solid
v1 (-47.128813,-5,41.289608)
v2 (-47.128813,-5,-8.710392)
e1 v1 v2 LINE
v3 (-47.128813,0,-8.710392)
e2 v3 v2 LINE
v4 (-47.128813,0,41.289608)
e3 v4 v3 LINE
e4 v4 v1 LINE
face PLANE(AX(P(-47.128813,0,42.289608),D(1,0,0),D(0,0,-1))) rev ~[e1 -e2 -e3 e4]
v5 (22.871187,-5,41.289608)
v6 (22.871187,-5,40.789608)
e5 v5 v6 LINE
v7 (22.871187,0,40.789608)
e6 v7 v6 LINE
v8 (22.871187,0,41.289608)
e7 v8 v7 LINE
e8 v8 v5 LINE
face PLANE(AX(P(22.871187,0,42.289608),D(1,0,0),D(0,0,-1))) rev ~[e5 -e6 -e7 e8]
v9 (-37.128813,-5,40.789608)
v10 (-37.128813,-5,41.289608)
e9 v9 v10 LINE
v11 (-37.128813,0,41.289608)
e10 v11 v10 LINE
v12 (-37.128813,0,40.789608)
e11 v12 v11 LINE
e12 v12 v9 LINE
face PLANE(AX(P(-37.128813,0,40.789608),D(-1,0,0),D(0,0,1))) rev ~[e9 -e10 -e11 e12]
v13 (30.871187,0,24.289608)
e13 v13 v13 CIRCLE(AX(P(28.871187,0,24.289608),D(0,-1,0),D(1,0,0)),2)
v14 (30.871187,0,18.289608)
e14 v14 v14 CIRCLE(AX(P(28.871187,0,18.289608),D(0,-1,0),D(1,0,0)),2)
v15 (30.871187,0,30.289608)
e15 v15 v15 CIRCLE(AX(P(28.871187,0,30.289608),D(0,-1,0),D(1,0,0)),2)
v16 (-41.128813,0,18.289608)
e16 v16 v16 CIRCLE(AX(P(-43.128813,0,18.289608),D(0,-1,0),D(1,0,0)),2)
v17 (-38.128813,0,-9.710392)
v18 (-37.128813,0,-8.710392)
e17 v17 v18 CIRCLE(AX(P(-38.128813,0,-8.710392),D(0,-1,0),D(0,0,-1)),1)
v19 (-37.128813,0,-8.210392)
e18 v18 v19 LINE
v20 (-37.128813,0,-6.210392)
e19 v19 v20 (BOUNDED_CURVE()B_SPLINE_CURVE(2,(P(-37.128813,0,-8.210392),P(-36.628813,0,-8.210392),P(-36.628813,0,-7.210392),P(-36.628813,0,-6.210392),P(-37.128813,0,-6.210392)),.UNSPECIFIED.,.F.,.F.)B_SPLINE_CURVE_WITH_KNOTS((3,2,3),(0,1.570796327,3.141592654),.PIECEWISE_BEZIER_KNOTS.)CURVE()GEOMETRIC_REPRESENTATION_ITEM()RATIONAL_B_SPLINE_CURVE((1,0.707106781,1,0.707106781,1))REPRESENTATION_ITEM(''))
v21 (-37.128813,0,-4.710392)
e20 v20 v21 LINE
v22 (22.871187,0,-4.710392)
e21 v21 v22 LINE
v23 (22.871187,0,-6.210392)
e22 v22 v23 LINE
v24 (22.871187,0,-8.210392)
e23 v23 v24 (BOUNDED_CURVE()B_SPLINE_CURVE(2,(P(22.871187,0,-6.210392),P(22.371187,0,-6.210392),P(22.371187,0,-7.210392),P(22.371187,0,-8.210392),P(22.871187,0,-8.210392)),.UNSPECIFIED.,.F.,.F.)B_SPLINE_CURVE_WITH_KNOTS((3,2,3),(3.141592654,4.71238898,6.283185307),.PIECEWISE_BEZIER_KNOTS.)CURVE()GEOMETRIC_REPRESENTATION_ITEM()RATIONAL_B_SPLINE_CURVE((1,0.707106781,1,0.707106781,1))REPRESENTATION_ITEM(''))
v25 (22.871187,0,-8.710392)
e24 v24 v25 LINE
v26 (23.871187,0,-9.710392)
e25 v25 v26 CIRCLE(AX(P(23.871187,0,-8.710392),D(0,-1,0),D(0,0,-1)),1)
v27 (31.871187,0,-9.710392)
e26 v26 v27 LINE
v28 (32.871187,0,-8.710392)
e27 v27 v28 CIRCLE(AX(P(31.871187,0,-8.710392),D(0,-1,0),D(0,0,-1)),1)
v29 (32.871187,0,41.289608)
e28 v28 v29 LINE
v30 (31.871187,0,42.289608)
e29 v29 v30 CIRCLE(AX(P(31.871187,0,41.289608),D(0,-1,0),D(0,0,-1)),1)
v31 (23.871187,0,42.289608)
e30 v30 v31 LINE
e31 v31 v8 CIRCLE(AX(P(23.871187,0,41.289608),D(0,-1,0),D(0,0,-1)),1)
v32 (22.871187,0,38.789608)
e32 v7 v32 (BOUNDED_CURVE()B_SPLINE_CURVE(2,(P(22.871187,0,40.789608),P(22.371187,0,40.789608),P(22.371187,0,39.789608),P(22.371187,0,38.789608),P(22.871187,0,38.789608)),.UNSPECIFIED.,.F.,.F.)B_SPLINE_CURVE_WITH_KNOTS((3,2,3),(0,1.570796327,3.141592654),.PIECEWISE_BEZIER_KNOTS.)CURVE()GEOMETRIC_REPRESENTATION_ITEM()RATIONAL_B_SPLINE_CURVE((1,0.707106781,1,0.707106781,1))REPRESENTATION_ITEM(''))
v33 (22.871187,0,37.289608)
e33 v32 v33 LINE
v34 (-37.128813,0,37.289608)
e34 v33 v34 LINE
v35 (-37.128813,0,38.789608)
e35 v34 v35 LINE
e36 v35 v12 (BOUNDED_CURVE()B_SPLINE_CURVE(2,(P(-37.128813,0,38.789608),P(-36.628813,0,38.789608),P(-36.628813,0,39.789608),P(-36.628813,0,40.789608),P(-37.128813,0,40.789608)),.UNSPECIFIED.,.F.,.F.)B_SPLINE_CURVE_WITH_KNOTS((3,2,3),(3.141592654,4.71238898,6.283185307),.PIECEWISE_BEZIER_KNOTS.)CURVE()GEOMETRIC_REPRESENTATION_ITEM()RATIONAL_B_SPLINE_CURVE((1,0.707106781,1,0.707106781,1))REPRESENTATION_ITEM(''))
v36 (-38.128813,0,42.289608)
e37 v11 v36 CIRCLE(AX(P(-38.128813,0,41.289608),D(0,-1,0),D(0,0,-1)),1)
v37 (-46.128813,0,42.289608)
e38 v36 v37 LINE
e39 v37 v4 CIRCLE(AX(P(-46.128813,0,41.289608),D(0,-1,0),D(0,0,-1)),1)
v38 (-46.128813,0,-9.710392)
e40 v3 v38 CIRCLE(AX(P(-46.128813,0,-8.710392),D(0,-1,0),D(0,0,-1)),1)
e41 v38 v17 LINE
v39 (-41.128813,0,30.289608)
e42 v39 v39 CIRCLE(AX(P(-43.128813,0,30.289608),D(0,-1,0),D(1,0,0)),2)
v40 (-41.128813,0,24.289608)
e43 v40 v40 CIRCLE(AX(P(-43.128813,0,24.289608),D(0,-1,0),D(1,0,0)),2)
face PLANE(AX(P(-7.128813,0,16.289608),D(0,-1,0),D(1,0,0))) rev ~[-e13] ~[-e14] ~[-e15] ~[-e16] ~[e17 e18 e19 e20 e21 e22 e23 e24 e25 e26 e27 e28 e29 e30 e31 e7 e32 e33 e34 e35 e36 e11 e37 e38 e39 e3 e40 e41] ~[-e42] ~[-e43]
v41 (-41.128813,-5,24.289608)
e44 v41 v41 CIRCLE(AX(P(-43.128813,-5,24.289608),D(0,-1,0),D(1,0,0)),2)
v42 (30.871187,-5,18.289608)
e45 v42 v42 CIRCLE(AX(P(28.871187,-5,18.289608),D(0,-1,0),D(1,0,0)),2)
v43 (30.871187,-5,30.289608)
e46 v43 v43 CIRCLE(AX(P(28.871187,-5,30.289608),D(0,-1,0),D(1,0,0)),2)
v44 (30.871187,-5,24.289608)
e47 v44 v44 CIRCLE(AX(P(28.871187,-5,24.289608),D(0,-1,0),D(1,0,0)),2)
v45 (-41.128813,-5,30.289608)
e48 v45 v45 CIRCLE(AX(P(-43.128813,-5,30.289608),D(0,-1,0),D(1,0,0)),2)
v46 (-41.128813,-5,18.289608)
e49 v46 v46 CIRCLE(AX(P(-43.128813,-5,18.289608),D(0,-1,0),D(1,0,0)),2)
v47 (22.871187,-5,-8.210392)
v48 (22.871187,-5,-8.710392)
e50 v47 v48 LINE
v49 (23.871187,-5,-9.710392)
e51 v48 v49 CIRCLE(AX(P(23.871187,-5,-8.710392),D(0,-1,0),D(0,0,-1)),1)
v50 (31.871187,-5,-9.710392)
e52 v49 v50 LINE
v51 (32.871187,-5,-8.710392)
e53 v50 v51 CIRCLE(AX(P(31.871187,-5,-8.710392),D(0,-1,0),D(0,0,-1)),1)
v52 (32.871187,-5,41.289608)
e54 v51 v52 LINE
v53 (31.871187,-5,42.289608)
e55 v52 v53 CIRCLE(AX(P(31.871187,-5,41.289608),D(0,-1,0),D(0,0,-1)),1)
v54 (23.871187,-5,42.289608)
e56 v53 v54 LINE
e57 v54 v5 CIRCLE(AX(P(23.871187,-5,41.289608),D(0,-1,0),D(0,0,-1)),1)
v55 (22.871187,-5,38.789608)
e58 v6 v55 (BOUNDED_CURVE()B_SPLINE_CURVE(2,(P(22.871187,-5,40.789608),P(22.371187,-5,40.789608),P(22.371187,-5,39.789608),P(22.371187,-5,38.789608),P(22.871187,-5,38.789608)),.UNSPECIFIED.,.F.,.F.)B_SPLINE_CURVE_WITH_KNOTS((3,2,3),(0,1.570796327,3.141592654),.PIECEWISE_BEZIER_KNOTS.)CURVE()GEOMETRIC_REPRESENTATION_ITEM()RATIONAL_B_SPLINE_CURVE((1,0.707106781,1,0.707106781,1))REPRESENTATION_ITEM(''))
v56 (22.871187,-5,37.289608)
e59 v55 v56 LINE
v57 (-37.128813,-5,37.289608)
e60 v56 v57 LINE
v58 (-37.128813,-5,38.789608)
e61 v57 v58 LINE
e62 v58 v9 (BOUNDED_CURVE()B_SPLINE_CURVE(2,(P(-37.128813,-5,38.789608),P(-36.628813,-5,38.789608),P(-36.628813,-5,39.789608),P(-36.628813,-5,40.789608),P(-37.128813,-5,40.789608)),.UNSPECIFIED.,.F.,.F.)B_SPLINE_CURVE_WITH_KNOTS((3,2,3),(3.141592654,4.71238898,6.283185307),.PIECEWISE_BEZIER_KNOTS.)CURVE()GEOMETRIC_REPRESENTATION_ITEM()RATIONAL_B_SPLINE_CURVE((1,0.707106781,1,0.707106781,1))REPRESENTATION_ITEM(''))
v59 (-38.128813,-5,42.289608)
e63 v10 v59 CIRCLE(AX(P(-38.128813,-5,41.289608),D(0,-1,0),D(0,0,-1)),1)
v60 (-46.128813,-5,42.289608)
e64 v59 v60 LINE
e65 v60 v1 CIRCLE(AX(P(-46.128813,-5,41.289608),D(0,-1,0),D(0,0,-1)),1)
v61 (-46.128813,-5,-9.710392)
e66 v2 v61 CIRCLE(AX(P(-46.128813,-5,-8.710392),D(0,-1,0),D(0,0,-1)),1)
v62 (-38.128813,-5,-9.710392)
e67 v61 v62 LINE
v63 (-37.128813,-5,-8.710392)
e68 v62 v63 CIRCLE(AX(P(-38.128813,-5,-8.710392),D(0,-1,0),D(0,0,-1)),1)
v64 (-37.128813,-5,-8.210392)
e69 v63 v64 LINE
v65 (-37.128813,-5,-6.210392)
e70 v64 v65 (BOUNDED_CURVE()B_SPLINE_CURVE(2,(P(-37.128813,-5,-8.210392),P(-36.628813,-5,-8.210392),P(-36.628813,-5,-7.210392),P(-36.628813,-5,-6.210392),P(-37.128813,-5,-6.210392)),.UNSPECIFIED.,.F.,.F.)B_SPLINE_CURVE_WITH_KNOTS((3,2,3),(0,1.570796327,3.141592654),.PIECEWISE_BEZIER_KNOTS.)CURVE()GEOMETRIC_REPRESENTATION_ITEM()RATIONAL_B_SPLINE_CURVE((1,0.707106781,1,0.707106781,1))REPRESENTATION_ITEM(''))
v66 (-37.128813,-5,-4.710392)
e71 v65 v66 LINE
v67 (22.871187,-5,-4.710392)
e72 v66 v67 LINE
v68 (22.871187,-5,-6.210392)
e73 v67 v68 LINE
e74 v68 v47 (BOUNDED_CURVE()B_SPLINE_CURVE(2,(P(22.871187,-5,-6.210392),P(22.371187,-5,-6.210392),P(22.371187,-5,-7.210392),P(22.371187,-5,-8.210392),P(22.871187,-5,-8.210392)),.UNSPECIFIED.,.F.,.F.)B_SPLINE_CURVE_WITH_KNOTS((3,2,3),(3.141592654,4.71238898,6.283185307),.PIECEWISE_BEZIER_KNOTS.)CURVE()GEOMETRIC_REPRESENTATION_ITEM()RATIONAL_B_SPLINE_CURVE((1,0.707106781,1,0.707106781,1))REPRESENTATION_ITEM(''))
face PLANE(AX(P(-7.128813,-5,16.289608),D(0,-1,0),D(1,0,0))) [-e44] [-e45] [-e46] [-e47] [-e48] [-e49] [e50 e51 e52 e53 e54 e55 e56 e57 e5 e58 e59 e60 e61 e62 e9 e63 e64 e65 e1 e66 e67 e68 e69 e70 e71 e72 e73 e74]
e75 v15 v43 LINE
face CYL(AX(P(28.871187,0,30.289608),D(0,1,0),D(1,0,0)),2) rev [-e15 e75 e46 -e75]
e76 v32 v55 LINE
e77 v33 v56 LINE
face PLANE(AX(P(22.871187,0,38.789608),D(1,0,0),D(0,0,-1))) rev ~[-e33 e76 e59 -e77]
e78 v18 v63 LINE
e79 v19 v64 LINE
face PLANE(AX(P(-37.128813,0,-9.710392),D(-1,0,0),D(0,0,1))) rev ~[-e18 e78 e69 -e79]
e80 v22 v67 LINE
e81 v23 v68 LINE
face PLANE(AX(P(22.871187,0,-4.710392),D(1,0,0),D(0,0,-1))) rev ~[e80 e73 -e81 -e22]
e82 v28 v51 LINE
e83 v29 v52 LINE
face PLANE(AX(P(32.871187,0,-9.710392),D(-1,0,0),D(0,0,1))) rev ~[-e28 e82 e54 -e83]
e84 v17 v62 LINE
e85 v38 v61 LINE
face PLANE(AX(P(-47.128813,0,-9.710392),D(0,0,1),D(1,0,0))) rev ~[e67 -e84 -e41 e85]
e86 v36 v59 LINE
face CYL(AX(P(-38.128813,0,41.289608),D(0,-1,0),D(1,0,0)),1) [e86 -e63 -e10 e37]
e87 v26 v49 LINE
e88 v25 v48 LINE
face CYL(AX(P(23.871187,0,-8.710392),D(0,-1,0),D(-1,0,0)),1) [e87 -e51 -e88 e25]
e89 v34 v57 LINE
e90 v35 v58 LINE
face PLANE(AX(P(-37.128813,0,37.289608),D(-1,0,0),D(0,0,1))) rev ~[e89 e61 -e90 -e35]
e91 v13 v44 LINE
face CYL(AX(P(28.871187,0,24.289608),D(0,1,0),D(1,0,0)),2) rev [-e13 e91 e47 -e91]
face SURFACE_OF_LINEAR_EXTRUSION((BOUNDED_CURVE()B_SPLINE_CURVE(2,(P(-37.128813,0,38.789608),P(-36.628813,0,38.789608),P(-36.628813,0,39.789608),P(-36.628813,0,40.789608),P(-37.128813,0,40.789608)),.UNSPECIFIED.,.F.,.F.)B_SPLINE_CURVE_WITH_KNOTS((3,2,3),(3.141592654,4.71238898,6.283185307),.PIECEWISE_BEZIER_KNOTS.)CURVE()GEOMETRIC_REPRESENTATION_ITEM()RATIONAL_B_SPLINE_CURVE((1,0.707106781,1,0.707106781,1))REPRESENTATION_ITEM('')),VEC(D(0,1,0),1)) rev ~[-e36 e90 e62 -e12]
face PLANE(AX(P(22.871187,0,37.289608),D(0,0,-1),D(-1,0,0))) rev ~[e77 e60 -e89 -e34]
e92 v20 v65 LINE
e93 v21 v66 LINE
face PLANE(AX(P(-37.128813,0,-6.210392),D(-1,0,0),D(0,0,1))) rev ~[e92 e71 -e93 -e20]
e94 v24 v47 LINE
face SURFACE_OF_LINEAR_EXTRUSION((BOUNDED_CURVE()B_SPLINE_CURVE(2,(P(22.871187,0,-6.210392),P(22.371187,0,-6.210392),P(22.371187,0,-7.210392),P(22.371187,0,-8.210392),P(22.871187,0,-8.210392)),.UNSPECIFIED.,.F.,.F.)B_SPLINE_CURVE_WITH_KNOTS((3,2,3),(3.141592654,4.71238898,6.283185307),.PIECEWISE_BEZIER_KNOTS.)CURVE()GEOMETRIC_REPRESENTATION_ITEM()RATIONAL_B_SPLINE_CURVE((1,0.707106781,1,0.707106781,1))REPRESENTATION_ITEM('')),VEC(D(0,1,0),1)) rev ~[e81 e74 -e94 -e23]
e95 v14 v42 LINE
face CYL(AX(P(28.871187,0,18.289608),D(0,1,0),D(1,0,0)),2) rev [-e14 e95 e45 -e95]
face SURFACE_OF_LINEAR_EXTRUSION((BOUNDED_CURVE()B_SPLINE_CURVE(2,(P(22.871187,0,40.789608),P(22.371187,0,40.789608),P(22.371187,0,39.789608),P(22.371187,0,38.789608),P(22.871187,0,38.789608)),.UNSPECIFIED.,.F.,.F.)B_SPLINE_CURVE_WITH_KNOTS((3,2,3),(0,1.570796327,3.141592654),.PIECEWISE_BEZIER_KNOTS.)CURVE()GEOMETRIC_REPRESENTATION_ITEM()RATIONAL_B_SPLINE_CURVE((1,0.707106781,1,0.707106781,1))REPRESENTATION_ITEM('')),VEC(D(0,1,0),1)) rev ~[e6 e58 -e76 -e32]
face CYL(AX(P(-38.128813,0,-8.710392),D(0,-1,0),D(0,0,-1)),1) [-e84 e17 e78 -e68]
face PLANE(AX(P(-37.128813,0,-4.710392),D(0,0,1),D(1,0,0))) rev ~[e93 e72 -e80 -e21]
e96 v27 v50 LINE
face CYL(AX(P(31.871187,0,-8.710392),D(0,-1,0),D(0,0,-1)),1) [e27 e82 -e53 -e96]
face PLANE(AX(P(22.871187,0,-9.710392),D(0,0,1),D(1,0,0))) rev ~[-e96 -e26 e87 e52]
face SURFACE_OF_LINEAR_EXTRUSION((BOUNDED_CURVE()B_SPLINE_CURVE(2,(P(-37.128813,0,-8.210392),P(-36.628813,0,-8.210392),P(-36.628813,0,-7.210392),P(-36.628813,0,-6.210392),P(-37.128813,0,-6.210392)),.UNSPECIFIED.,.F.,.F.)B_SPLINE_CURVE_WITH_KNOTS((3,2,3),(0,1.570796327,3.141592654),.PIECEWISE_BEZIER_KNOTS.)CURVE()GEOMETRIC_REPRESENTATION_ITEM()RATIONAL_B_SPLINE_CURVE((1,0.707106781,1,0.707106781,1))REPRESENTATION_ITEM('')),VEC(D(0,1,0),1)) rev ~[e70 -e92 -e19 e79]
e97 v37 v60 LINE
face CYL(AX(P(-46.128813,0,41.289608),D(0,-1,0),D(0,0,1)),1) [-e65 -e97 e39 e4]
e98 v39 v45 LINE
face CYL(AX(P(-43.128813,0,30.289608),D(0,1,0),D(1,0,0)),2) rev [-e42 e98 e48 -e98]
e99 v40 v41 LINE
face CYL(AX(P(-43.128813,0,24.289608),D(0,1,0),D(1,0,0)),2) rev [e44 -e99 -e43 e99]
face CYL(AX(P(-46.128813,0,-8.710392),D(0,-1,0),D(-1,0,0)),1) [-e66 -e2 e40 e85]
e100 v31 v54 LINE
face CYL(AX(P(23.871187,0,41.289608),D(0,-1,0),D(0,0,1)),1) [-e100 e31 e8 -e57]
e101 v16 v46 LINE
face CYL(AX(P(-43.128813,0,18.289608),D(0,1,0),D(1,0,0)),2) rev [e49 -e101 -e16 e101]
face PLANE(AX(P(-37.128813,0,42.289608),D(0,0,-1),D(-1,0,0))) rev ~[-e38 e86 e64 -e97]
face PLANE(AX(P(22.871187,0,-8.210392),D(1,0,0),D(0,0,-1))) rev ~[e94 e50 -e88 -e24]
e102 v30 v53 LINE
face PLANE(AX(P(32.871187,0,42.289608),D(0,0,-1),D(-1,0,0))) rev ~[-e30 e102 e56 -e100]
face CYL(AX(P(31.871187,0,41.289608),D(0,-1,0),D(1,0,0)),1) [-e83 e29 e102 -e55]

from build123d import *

# Parameters (mm, degrees)
F1_R     = 2
F2_DEPTH = 5
F3_R     = 1


with BuildPart() as f2:
    # F1 (on Front) → F2 (new body)
    with BuildSketch(Plane.XZ):
        Polygon((-37.1288130432, 37.2896080693), (-47.1288130432, 37.2896080693), (-47.1288130432, -4.7103919307), (-37.1288130432, -4.7103919307), (22.8711869568, -4.7103919307), (32.8711869568, -4.7103919307), (32.8711869568, 37.2896080693), (22.8711869568, 37.2896080693), align=None)
        with Locations((-43.1288130432, 18.2896080693)):
            Circle(F1_R, mode=Mode.SUBTRACT)
        with Locations((-43.1288130432, 24.2896080693)):
            Circle(F1_R, mode=Mode.SUBTRACT)
        with Locations((-43.1288130432, 30.2896080693)):
            Circle(F1_R, mode=Mode.SUBTRACT)
        with Locations((28.8711869568, 18.2896080693)):
            Circle(F1_R, mode=Mode.SUBTRACT)
        with Locations((28.8711869568, 24.2896080693)):
            Circle(F1_R, mode=Mode.SUBTRACT)
        with Locations((28.8711869568, 30.2896080693)):
            Circle(F1_R, mode=Mode.SUBTRACT)
        with BuildLine():
            Line((-47.1288130432, 42.2896080693), (-47.1288130432, 37.2896080693))
            Line((-47.1288130432, 37.2896080693), (-37.1288130432, 37.2896080693))
            Line((-37.1288130432, 37.2896080693), (-37.1288130432, 38.7896080693))
            add(Edge.make_bspline(
                [(-37.1288130432, 38.7896080693), (-36.6288130432, 38.7896080693), (-36.6288130432, 39.7896080693), (-36.6288130432, 40.7896080693), (-37.1288130432, 40.7896080693)],
                knots=[3.1415926536, 3.1415926536, 3.1415926536, 4.7123889804, 4.7123889804, 6.2831853072, 6.2831853072, 6.2831853072], degree=2, weights=[1, 0.7071067812, 1, 0.7071067812, 1]))
            Line((-37.1288130432, 40.7896080693), (-37.1288130432, 42.2896080693))
            Line((-37.1288130432, 42.2896080693), (-47.1288130432, 42.2896080693))
        make_face()
        with BuildLine():
            Line((22.8711869568, 38.7896080693), (22.8711869568, 37.2896080693))
            Line((22.8711869568, 37.2896080693), (32.8711869568, 37.2896080693))
            Line((32.8711869568, 37.2896080693), (32.8711869568, 42.2896080693))
            Line((32.8711869568, 42.2896080693), (22.8711869568, 42.2896080693))
            Line((22.8711869568, 42.2896080693), (22.8711869568, 40.7896080693))
            add(Edge.make_bspline(
                [(22.8711869568, 40.7896080693), (22.3711869568, 40.7896080693), (22.3711869568, 39.7896080693), (22.3711869568, 38.7896080693), (22.8711869568, 38.7896080693)],
                knots=[0, 0, 0, 1.5707963268, 1.5707963268, 3.1415926536, 3.1415926536, 3.1415926536], degree=2, weights=[1, 0.7071067812, 1, 0.7071067812, 1]))
        make_face()
        with BuildLine():
            Line((32.8711869568, -4.7103919307), (22.8711869568, -4.7103919307))
            Line((22.8711869568, -4.7103919307), (22.8711869568, -6.2103919307))
            add(Edge.make_bspline(
                [(22.8711869568, -6.2103919307), (22.3711869568, -6.2103919307), (22.3711869568, -7.2103919307), (22.3711869568, -8.2103919307), (22.8711869568, -8.2103919307)],
                knots=[3.1415926536, 3.1415926536, 3.1415926536, 4.7123889804, 4.7123889804, 6.2831853072, 6.2831853072, 6.2831853072], degree=2, weights=[1, 0.7071067812, 1, 0.7071067812, 1]))
            Line((22.8711869568, -8.2103919307), (22.8711869568, -9.7103919307))
            Line((22.8711869568, -9.7103919307), (32.8711869568, -9.7103919307))
            Line((32.8711869568, -9.7103919307), (32.8711869568, -4.7103919307))
        make_face()
        with BuildLine():
            Line((-37.1288130432, -4.7103919307), (-47.1288130432, -4.7103919307))
            Line((-47.1288130432, -4.7103919307), (-47.1288130432, -9.7103919307))
            Line((-47.1288130432, -9.7103919307), (-37.1288130432, -9.7103919307))
            Line((-37.1288130432, -9.7103919307), (-37.1288130432, -8.2103919307))
            add(Edge.make_bspline(
                [(-37.1288130432, -8.2103919307), (-36.6288130432, -8.2103919307), (-36.6288130432, -7.2103919307), (-36.6288130432, -6.2103919307), (-37.1288130432, -6.2103919307)],
                knots=[0, 0, 0, 1.5707963268, 1.5707963268, 3.1415926536, 3.1415926536, 3.1415926536], degree=2, weights=[1, 0.7071067812, 1, 0.7071067812, 1]))
            Line((-37.1288130432, -6.2103919307), (-37.1288130432, -4.7103919307))
        make_face()
    extrude(amount=F2_DEPTH)

    # F3
    f3_edges = [f2.edges().sort_by_distance(p)[0] for p in [
        (-47.128813, -2.5, 42.289608),
        (-37.128813, -2.5, 42.289608),
        (22.871187, -2.5, 42.289608),
        (32.871187, -2.5, 42.289608),
        (22.871187, -2.5, -9.710392),
        (32.871187, -2.5, -9.710392),
        (-47.128813, -2.5, -9.710392),
        (-37.128813, -2.5, -9.710392),
    ]]
    fillet(f3_edges, radius=F3_R)


solid = f2.part
